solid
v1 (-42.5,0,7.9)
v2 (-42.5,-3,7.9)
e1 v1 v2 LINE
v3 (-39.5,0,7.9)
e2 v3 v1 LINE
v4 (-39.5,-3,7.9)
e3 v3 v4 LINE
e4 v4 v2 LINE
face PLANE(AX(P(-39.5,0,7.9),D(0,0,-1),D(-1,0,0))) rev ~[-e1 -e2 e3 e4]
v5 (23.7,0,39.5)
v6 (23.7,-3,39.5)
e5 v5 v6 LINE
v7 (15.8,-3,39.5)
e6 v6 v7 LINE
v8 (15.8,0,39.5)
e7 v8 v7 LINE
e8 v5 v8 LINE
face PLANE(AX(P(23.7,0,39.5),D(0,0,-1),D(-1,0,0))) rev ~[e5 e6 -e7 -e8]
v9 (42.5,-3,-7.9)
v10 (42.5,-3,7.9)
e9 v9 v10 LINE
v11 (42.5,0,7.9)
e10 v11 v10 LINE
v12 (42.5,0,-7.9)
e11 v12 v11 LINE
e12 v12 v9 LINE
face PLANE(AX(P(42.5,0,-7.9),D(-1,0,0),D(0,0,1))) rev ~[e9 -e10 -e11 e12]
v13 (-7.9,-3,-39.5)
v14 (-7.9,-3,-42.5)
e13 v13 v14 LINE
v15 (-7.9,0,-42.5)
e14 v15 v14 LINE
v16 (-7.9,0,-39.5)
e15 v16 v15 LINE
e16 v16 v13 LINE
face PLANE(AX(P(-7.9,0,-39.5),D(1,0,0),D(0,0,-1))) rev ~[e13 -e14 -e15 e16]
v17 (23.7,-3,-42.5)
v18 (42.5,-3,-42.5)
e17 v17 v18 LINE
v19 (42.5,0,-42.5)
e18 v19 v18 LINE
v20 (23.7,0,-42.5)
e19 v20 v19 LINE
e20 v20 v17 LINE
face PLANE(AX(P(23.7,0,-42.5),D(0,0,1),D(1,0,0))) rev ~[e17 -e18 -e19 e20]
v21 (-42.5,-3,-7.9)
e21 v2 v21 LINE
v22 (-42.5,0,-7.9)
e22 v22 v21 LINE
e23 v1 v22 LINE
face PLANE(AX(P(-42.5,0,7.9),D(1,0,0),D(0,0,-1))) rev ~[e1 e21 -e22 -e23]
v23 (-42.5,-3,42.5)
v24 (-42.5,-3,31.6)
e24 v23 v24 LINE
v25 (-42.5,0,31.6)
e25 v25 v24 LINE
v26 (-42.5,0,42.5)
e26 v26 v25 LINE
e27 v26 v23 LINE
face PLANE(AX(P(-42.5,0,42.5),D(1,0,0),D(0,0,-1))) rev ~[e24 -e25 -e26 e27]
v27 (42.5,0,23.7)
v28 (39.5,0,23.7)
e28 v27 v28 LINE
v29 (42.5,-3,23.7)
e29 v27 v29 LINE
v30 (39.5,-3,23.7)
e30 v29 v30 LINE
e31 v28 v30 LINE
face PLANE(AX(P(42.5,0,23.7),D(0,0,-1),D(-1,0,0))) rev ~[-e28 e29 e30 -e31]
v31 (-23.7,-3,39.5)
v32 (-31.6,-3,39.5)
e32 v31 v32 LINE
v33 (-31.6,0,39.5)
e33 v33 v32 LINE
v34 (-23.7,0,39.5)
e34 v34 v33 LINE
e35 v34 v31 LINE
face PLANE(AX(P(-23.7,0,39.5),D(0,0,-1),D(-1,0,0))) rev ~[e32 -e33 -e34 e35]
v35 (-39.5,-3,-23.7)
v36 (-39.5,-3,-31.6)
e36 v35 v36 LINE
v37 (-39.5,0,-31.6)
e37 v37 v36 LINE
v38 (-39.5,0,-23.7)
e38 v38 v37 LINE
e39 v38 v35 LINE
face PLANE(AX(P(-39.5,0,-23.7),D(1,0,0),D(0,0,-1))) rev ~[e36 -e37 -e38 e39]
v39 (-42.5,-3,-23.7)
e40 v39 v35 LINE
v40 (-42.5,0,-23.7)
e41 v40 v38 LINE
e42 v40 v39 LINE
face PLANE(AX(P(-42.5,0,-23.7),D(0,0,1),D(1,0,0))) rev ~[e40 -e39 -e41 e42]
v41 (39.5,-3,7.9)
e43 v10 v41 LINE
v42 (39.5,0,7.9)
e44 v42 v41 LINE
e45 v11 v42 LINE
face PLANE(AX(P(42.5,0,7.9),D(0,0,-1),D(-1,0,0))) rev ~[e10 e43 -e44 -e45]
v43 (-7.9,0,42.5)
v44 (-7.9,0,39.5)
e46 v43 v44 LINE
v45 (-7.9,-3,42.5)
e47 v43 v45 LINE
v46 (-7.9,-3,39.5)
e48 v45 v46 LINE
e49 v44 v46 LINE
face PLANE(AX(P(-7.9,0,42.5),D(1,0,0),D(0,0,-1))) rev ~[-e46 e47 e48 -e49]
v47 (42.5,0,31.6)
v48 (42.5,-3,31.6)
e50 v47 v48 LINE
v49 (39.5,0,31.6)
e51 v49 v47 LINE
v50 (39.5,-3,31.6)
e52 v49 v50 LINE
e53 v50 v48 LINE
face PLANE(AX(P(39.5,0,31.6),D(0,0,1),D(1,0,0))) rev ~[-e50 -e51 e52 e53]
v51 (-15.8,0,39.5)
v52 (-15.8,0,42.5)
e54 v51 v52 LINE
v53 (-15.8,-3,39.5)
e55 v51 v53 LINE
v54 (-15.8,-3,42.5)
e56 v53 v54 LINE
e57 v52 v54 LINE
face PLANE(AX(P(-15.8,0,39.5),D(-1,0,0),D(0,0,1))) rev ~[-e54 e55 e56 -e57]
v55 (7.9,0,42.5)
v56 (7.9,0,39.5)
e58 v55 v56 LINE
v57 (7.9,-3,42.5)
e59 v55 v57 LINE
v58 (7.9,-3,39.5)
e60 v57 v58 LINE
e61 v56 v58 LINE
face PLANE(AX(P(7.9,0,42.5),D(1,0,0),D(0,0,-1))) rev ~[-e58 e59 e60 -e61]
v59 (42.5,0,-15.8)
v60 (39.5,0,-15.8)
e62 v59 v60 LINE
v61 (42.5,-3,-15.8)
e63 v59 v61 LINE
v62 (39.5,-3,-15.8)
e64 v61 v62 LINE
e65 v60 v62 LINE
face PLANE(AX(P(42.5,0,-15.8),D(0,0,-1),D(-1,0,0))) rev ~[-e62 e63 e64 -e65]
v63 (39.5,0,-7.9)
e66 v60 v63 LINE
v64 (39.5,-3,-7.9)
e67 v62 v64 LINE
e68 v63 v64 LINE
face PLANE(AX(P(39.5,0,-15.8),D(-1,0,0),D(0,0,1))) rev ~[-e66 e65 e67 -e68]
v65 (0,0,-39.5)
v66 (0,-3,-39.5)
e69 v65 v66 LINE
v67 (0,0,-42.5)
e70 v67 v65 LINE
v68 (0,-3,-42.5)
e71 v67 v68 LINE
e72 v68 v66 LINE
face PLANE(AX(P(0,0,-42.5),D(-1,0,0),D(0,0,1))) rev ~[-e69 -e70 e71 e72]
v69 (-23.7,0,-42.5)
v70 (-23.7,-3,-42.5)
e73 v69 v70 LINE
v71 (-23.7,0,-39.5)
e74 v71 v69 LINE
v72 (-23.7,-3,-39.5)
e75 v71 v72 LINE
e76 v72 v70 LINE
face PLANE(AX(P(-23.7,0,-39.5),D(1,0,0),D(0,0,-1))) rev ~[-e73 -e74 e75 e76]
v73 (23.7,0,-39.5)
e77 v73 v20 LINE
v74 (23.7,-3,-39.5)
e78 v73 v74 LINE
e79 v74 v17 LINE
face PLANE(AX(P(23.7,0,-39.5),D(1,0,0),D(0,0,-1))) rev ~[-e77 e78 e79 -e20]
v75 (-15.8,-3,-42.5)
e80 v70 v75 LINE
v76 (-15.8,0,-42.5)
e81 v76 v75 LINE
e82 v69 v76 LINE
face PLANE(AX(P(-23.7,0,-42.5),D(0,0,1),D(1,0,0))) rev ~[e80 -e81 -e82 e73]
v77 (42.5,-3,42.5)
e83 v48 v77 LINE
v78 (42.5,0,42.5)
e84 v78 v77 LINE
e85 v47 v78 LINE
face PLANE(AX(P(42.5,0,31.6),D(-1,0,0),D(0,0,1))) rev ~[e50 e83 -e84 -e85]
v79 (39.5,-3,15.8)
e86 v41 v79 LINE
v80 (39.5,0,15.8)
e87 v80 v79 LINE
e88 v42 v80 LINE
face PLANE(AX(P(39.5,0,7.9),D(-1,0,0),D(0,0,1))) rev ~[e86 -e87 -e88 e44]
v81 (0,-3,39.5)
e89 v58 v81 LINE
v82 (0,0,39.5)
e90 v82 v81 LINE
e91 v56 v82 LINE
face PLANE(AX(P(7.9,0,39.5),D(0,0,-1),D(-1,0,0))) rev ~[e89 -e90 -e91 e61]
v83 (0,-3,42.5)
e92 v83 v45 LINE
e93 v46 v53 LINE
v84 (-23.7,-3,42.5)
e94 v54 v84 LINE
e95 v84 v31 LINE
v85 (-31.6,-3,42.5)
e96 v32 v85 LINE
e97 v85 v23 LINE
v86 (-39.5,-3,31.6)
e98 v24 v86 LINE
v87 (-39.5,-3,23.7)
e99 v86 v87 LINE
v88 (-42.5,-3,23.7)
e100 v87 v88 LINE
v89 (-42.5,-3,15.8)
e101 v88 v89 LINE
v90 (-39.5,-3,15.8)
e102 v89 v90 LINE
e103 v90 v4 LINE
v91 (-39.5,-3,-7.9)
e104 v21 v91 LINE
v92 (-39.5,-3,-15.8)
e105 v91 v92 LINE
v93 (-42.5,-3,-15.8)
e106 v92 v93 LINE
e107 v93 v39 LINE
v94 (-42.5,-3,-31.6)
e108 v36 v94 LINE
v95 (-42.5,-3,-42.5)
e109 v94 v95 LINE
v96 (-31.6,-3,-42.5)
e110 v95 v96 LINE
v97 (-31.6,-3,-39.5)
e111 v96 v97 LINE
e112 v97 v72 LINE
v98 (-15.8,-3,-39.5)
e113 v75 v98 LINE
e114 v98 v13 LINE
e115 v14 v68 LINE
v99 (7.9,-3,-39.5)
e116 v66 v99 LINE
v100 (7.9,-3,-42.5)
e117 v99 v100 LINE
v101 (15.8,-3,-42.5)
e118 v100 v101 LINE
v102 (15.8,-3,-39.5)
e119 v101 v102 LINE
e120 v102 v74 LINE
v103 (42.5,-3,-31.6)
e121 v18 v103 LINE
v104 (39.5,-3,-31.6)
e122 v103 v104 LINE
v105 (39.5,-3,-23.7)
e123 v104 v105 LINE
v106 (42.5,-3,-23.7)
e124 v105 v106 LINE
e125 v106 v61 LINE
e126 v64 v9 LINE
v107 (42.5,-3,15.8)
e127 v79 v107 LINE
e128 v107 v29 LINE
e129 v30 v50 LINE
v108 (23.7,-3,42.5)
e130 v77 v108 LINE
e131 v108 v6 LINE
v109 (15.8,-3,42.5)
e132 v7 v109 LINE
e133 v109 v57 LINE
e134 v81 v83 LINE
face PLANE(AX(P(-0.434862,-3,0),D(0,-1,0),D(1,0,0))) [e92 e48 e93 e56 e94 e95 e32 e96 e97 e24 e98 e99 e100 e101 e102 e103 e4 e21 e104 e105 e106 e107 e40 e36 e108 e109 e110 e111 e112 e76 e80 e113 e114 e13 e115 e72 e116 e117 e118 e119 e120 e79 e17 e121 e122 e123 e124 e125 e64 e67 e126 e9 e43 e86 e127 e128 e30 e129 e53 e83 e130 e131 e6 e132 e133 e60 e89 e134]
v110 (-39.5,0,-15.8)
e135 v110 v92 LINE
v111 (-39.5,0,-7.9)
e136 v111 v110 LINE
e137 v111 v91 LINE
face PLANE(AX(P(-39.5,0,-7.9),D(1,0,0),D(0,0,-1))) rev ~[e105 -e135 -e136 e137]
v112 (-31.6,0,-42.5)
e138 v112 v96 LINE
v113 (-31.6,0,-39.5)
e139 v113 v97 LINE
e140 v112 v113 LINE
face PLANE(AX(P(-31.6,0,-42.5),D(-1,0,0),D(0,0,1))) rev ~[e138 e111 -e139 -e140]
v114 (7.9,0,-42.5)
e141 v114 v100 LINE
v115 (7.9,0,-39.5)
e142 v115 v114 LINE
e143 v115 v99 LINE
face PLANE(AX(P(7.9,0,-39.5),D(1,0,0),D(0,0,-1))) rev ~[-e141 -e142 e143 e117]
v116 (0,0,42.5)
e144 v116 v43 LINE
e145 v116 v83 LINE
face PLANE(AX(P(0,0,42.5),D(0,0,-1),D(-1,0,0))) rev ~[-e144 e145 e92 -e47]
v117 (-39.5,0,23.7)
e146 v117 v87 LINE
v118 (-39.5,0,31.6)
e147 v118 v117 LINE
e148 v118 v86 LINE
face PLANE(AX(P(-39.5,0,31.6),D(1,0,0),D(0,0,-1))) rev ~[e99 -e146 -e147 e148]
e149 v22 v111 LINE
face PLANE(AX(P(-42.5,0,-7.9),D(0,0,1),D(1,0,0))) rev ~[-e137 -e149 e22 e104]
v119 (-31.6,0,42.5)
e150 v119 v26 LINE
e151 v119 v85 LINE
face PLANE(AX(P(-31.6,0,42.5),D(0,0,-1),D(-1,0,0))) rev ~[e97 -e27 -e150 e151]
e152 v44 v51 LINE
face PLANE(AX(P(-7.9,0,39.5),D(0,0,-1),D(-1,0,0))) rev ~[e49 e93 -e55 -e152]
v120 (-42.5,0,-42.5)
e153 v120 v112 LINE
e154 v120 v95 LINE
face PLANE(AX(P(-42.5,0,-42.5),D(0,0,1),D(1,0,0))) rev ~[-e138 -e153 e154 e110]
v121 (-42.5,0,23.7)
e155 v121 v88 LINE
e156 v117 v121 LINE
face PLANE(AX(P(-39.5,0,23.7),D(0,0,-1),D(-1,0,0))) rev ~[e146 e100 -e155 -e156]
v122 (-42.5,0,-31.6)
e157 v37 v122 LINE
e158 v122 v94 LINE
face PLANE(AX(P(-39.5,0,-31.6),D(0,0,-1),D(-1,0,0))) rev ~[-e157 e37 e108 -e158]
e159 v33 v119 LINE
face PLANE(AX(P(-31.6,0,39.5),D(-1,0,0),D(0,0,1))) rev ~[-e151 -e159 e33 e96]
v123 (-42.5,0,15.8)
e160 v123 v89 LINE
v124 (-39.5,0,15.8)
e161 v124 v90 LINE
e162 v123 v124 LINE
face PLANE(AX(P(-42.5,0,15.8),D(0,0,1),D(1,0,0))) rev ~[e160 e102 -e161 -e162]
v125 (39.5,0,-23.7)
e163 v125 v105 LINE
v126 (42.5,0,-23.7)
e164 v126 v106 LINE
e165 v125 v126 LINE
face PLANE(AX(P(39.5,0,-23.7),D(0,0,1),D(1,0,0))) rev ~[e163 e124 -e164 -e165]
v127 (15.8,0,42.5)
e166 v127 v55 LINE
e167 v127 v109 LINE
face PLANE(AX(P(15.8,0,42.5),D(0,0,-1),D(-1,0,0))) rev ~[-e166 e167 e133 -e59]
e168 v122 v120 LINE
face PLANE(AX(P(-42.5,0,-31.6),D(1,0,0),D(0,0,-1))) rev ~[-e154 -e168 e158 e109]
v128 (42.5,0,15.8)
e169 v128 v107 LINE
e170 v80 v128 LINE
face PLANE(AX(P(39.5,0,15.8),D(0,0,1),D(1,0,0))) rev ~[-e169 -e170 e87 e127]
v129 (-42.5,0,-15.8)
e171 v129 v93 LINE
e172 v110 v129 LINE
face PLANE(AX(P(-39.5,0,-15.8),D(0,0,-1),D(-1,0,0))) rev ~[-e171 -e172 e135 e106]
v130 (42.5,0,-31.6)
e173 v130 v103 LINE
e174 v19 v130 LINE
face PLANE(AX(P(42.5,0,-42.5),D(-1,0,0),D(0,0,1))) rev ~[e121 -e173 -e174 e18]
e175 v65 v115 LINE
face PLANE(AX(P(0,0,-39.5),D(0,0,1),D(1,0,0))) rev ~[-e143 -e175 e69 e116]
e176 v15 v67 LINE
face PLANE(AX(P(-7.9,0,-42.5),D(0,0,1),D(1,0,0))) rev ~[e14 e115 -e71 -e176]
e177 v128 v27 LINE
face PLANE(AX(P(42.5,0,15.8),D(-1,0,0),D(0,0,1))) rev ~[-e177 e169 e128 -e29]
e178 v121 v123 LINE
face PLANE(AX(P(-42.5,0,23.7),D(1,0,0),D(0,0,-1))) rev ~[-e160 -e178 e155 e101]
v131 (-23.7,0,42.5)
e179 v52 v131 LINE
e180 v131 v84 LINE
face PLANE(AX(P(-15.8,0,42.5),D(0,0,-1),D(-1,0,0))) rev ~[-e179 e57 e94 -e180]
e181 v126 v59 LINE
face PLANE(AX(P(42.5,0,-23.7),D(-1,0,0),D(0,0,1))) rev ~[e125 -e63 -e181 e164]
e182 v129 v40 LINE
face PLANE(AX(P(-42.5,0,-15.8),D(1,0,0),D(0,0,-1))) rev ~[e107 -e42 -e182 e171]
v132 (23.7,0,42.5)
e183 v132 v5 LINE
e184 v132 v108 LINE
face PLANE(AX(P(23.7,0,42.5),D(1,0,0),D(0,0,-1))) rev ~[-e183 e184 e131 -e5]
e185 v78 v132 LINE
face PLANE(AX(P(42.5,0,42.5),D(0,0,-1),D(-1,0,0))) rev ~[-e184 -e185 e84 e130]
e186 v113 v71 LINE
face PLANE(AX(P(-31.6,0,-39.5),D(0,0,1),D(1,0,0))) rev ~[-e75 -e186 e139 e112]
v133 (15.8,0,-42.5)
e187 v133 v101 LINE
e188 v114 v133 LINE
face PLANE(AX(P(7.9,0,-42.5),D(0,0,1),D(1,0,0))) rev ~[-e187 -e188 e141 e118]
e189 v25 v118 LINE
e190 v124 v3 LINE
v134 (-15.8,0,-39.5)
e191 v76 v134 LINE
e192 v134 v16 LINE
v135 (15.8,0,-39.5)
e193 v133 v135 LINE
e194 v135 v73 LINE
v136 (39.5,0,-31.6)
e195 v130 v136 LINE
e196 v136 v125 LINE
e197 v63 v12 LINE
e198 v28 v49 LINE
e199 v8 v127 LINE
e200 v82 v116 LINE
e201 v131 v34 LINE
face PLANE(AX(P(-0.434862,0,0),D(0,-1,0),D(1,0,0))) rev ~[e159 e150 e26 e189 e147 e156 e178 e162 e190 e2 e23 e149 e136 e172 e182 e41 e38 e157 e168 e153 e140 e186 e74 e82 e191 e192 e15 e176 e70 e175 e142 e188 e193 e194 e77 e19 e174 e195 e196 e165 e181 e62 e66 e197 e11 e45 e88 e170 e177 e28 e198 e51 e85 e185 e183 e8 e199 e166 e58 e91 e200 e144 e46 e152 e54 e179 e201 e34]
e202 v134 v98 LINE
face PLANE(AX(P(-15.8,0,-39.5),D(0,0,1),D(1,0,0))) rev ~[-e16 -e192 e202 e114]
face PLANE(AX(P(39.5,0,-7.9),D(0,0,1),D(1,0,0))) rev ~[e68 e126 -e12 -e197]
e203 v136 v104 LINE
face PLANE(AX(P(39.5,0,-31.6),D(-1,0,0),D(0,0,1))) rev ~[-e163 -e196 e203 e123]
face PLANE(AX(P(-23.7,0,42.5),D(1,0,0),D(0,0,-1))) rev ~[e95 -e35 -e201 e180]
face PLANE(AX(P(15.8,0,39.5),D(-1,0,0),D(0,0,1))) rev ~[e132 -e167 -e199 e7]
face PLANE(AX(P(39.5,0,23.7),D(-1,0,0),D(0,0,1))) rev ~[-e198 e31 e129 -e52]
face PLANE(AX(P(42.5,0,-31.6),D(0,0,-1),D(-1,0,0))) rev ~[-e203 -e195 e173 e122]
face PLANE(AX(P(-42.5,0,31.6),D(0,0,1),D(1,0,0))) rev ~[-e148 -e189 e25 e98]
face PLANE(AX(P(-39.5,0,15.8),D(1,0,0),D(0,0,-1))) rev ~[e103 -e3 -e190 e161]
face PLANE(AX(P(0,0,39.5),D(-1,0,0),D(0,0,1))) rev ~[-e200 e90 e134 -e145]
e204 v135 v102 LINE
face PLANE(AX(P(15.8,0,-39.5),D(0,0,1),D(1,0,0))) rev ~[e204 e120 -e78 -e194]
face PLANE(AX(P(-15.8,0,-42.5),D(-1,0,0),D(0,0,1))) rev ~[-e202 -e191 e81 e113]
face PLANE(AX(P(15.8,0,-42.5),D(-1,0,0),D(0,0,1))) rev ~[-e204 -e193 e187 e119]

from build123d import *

# Parameters (mm, degrees)
F1_DEPTH = 3


with BuildPart() as f1:
    # F0 (on Front) → F1 (new body)
    with BuildSketch(Plane.XZ):
        Polygon((-42.5, -31.6), (-42.5, -42.5), (-31.6, -42.5), (-31.6, -39.5), (-23.7, -39.5), (-23.7, -42.5), (-15.8, -42.5), (-15.8, -39.5), (-7.9, -39.5), (-7.9, -42.5), (0, -42.5), (0, -39.5), (7.9, -39.5), (7.9, -42.5), (15.8, -42.5), (15.8, -39.5), (23.7, -39.5), (23.7, -42.5), (42.5, -42.5), (42.5, -31.6), (39.5, -31.6), (39.5, -23.7), (42.5, -23.7), (42.5, -15.8), (39.5, -15.8), (39.5, -7.9), (42.5, -7.9), (42.5, 0), (42.5, 7.9), (39.5, 7.9), (39.5, 15.8), (42.5, 15.8), (42.5, 23.7), (39.5, 23.7), (39.5, 31.6), (42.5, 31.6), (42.5, 42.5), (23.7, 42.5), (23.7, 39.5), (15.8, 39.5), (15.8, 42.5), (7.9, 42.5), (7.9, 39.5), (0, 39.5), (0, 42.5), (-7.9, 42.5), (-7.9, 39.5), (-15.8, 39.5), (-15.8, 42.5), (-23.7, 42.5), (-23.7, 39.5), (-31.6, 39.5), (-31.6, 42.5), (-42.5, 42.5), (-42.5, 31.6), (-39.5, 31.6), (-39.5, 23.7), (-42.5, 23.7), (-42.5, 15.8), (-39.5, 15.8), (-39.5, 7.9), (-42.5, 7.9), (-42.5, 0), (-42.5, -7.9), (-39.5, -7.9), (-39.5, -15.8), (-42.5, -15.8), (-42.5, -23.7), (-39.5, -23.7), (-39.5, -31.6), align=None)
    extrude(amount=F1_DEPTH)


solid = f1.part
